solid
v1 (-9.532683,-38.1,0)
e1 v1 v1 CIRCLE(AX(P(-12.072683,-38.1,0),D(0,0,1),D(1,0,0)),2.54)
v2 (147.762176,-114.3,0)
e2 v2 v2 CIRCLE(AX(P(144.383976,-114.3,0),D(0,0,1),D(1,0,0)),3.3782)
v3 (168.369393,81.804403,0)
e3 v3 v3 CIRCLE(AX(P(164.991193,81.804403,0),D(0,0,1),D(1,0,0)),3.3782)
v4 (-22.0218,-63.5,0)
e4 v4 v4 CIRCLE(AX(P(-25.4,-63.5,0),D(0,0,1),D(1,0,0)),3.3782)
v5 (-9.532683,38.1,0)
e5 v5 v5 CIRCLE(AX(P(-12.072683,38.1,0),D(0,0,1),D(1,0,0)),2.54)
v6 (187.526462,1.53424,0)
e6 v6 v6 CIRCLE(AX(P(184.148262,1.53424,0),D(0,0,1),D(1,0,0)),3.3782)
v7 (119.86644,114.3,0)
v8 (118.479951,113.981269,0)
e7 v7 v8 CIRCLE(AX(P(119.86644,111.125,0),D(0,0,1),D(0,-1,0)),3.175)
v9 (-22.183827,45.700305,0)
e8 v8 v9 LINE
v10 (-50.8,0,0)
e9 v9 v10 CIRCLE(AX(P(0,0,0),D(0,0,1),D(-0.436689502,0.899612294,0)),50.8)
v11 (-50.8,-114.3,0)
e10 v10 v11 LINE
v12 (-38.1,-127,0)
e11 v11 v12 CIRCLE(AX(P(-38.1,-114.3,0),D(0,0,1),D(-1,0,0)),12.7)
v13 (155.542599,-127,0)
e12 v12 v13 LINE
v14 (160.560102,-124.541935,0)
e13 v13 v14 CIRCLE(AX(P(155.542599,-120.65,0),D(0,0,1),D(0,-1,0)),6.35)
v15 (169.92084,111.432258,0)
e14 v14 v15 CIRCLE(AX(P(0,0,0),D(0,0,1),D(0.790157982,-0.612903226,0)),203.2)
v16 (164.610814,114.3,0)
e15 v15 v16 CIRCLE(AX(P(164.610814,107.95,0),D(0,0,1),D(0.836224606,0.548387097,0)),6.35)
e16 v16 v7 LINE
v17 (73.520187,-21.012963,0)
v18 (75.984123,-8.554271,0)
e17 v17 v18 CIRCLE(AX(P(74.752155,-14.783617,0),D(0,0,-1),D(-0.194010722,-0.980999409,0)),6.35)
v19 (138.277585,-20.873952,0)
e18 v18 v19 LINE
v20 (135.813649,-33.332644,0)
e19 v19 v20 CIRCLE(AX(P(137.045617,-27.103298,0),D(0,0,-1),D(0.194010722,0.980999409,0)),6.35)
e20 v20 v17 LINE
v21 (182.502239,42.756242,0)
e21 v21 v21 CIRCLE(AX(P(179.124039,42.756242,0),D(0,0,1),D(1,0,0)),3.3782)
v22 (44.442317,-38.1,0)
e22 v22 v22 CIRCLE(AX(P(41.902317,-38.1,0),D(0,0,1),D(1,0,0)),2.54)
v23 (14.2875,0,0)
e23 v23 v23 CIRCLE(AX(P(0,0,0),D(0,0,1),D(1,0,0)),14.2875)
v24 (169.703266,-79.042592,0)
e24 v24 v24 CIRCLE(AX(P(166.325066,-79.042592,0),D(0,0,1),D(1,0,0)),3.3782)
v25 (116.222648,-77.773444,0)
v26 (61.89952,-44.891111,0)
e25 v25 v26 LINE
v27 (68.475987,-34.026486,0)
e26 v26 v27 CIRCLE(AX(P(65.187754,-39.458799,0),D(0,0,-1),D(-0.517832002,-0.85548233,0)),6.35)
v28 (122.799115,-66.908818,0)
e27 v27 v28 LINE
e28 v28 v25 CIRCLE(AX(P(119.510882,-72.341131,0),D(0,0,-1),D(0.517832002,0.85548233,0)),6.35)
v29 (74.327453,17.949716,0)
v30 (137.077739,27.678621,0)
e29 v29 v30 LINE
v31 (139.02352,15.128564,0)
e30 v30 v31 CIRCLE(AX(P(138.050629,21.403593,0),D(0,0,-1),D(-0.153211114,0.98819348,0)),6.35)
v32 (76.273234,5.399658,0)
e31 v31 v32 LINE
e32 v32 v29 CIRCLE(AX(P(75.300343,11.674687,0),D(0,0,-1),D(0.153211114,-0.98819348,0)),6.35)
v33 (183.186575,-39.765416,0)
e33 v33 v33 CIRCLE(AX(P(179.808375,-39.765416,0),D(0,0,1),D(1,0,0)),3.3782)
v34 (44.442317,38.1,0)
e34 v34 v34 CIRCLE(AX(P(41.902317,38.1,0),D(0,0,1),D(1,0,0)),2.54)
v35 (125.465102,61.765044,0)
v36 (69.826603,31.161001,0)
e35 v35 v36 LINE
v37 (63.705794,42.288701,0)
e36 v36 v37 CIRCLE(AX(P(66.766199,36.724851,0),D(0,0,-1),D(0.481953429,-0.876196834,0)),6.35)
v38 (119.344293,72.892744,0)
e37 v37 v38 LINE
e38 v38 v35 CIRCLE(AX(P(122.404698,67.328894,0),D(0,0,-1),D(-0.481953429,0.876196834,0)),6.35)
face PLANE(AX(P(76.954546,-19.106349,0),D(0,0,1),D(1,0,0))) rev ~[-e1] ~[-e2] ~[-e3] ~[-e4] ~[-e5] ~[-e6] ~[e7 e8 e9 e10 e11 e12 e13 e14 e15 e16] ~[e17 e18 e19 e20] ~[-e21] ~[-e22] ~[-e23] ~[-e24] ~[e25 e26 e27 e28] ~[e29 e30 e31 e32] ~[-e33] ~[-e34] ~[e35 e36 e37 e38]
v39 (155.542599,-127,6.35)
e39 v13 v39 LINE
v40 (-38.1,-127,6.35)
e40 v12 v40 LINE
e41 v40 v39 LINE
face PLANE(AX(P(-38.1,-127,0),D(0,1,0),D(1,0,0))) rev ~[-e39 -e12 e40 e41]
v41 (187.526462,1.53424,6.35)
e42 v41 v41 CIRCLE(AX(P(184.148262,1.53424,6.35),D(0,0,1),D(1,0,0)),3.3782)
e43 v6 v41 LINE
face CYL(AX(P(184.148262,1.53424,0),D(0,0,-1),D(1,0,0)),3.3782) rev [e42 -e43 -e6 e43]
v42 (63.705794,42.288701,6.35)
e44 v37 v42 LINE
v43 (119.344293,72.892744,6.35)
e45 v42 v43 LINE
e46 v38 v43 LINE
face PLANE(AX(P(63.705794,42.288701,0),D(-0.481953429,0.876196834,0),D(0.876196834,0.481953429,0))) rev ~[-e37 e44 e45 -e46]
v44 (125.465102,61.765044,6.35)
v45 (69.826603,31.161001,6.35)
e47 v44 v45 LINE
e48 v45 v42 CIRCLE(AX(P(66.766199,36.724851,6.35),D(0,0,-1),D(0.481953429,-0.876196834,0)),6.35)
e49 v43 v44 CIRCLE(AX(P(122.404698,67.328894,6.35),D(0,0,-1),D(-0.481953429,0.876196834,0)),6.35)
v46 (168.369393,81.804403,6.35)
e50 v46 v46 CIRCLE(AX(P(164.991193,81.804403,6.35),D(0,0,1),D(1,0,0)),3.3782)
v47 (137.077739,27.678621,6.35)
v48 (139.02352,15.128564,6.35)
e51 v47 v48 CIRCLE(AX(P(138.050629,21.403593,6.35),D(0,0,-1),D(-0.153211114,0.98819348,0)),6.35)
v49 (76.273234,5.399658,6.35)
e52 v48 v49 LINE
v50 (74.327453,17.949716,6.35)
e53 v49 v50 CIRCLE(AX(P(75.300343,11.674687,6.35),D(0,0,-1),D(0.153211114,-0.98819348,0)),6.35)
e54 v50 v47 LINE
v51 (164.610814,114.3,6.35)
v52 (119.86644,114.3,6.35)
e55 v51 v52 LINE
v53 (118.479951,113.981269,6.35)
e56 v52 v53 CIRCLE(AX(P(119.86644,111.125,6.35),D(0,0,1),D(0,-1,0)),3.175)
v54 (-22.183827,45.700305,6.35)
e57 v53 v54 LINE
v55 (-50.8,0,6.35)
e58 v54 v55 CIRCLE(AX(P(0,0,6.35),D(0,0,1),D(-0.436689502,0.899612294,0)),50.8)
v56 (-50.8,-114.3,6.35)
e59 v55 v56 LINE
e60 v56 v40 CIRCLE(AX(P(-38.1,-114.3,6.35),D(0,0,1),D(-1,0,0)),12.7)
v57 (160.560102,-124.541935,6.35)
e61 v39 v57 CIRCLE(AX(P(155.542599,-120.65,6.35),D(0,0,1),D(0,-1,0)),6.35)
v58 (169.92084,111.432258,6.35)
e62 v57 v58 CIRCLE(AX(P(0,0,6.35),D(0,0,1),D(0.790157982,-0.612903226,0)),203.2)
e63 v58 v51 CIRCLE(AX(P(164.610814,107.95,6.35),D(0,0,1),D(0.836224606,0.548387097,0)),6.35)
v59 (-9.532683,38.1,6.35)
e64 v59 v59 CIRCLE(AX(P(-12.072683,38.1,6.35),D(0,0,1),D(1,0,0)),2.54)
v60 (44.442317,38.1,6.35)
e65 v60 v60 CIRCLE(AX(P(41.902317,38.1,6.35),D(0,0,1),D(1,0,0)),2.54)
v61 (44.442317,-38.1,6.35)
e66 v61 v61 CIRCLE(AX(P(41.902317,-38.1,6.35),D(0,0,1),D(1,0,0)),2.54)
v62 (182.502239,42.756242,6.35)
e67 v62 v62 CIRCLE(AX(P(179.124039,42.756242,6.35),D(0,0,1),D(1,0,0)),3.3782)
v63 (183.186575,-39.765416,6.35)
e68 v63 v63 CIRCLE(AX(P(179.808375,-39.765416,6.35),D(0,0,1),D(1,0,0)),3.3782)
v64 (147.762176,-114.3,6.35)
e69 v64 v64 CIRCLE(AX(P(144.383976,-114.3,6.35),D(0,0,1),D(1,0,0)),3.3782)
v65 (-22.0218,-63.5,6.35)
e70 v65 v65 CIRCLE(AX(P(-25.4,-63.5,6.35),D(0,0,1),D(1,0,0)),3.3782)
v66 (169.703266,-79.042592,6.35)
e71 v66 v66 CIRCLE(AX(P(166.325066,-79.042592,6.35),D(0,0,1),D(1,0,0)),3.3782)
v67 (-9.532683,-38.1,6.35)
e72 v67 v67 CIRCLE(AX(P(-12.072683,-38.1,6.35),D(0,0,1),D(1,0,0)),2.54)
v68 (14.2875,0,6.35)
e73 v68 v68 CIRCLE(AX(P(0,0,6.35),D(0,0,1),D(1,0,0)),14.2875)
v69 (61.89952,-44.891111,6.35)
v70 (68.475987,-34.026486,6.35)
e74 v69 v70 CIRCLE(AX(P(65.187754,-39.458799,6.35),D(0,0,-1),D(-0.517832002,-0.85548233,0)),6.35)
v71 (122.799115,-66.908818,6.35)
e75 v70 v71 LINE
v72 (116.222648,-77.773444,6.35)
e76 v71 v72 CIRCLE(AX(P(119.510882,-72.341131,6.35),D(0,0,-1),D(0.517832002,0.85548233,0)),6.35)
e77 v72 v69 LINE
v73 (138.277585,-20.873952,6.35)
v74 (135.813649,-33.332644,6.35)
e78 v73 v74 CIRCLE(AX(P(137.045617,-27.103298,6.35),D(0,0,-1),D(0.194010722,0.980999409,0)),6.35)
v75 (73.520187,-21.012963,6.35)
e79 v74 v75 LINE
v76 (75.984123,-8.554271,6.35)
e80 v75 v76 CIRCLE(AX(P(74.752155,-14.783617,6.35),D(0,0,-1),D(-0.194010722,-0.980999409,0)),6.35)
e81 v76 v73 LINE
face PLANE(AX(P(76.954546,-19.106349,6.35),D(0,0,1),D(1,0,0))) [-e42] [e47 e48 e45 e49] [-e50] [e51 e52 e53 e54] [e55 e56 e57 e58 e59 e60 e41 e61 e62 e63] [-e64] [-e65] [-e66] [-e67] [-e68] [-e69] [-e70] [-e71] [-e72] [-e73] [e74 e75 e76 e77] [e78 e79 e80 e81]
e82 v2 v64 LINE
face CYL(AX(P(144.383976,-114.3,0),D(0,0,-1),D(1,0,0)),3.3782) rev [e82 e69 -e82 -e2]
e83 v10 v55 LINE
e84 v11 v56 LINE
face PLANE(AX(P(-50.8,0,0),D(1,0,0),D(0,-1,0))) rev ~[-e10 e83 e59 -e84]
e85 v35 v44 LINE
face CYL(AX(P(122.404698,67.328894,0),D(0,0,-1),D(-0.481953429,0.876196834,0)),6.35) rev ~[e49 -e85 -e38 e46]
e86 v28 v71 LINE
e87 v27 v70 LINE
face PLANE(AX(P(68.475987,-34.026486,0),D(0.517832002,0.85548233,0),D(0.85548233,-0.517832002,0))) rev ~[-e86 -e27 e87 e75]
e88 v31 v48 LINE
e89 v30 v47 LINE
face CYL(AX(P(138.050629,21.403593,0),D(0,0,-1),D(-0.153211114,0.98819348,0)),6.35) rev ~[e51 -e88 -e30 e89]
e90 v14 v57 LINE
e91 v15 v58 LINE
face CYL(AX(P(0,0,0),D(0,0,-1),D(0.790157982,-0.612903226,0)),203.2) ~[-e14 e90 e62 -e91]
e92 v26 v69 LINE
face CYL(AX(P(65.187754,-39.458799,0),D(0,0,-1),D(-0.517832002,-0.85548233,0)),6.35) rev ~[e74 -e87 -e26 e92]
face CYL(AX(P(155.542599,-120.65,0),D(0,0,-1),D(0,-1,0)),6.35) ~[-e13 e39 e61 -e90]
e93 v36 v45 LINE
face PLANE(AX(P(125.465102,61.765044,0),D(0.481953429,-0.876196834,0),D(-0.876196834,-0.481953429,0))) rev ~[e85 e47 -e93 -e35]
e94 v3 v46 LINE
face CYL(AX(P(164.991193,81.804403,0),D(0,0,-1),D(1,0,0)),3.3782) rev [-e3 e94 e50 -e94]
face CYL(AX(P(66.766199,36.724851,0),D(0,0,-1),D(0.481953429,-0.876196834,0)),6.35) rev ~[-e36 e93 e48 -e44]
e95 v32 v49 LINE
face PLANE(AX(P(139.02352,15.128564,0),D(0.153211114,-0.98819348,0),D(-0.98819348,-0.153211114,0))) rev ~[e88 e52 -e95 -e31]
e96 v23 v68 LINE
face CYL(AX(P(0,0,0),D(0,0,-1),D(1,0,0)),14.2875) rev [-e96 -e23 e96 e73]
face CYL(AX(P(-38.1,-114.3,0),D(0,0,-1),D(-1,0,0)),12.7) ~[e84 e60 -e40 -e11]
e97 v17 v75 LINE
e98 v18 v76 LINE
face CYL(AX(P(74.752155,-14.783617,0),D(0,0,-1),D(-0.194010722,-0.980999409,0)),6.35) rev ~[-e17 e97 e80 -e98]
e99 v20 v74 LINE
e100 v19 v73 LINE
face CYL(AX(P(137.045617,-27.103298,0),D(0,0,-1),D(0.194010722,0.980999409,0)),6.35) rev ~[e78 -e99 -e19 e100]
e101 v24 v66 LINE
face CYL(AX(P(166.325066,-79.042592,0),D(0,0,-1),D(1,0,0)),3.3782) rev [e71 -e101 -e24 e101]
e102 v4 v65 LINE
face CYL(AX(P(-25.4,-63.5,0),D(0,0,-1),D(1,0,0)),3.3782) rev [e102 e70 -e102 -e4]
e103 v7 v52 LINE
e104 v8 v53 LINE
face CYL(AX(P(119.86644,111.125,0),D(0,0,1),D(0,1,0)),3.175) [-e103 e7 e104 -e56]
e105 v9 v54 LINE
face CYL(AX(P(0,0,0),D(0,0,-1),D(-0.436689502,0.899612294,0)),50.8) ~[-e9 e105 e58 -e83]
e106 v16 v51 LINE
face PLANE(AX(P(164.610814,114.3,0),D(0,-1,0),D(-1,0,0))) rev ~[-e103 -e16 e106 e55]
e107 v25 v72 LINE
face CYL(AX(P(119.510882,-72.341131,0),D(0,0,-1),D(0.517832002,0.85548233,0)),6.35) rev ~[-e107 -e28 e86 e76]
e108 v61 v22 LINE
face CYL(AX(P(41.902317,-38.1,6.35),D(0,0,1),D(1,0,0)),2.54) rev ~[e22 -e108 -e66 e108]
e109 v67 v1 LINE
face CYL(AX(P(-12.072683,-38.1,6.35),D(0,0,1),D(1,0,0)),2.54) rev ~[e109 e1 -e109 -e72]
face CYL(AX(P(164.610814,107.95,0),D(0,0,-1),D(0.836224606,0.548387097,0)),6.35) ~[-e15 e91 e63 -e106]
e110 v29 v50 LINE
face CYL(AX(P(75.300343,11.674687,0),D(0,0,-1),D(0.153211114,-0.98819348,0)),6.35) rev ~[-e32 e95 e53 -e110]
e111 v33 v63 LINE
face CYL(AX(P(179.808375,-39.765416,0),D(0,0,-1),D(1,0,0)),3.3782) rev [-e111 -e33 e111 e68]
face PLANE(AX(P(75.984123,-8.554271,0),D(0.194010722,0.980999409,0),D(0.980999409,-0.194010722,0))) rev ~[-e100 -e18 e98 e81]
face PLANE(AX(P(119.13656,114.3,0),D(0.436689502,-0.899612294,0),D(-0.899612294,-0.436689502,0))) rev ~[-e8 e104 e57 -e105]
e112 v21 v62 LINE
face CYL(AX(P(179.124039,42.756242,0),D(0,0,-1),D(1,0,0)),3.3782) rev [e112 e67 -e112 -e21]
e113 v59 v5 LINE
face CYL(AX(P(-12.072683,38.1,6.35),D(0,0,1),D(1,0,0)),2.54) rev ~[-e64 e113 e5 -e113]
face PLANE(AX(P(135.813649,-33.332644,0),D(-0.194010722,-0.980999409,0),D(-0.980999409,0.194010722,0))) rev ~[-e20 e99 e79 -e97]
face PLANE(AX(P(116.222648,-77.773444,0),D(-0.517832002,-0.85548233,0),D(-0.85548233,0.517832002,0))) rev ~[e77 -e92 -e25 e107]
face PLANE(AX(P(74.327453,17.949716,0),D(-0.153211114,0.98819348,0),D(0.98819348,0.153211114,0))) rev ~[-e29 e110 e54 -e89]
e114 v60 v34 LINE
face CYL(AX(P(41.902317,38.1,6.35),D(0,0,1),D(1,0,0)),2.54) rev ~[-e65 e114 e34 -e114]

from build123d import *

# Parameters (mm, degrees)
SKETCH1_R           = 3.3782
SKETCH1_R_2         = 14.2875
BOSS_EXTRUDE1_DEPTH = 6.35
FILLET1_R           = 3.175
SKETCH2_R           = 2.54
CUT_EXTRUDE1_DEPTH  = 6.35


with BuildPart() as part:
    # Sketch1 → Boss-Extrude1 (new body)
    with BuildSketch(Plane.XY):
        with BuildLine():
            ThreePointArc((155.542598667, -127), (158.336226208, -126.352468339), (160.56010185, -124.541935484))
            ThreePointArc((160.56010185, -124.541935484), (203.040311847, -8.054301034), (169.920839989, 111.432258065))
            ThreePointArc((169.920839989, 111.432258065), (167.628276357, 113.537255082), (164.61081374, 114.3))
            Line((164.61081374, 114.3), (119.1365603, 114.3))
            Line((119.1365603, 114.3), (-22.183826694, 45.70030452))
            ThreePointArc((-22.183826694, 45.70030452), (-43.055652335, 26.960170659), (-50.8, 0))
            Line((-50.8, 0), (-50.8, -114.3))
            ThreePointArc((-50.8, -114.3), (-47.080256121, -123.280256121), (-38.1, -127))
            Line((-38.1, -127), (155.542598667, -127))
        make_face()
        with Locations((144.383975911, -114.3)):
            Circle(SKETCH1_R, mode=Mode.SUBTRACT)
        with Locations((166.325065928, -79.042592339)):
            Circle(SKETCH1_R, mode=Mode.SUBTRACT)
        with Locations((179.808375328, -39.76541584)):
            Circle(SKETCH1_R, mode=Mode.SUBTRACT)
        with Locations((184.148262492, 1.5342404)):
            Circle(SKETCH1_R, mode=Mode.SUBTRACT)
        with Locations((179.124039222, 42.756241887)):
            Circle(SKETCH1_R, mode=Mode.SUBTRACT)
        with Locations((164.991192987, 81.804402963)):
            Circle(SKETCH1_R, mode=Mode.SUBTRACT)
        with BuildLine():
            Line((63.70579448, 42.288701206), (119.344293443, 72.892743964))
            ThreePointArc((119.344293443, 72.892743964), (127.968547615, 70.389298344), (125.465101994, 61.765044172))
            Line((125.465101994, 61.765044172), (69.826603031, 31.161001414))
            ThreePointArc((69.826603031, 31.161001414), (61.202348859, 33.664447034), (63.70579448, 42.288701206))
        make_face(mode=Mode.SUBTRACT)
        with BuildLine():
            ThreePointArc((61.899520347, -44.891111378), (59.755440765, -36.170565366), (68.475986777, -34.026485785))
            Line((68.475986777, -34.026485785), (122.799114746, -66.908817936))
            ThreePointArc((122.799114746, -66.908817936), (124.943194328, -75.629363948), (116.222648316, -77.77344353))
            Line((116.222648316, -77.77344353), (61.899520347, -44.891111378))
        make_face(mode=Mode.SUBTRACT)
        with BuildLine():
            ThreePointArc((73.520186848, -21.01296328), (68.52280869, -13.551648949), (75.984123021, -8.554270791))
            Line((75.984123021, -8.554270791), (138.277585466, -20.873951654))
            ThreePointArc((138.277585466, -20.873951654), (143.274963624, -28.335265985), (135.813649293, -33.332644143))
            Line((135.813649293, -33.332644143), (73.520186848, -21.01296328))
        make_face(mode=Mode.SUBTRACT)
        with BuildLine():
            ThreePointArc((76.273233773, 5.399658308), (69.025314597, 10.701796332), (74.327452622, 17.949715507))
            Line((74.327452622, 17.949715507), (137.077738619, 27.678621264))
            ThreePointArc((137.077738619, 27.678621264), (144.325657795, 22.37648324), (139.02351977, 15.128564064))
            Line((139.02351977, 15.128564064), (76.273233773, 5.399658308))
        make_face(mode=Mode.SUBTRACT)
        Circle(SKETCH1_R_2, mode=Mode.SUBTRACT)
        with Locations((-25.4, -63.5)):
            Circle(SKETCH1_R, mode=Mode.SUBTRACT)
    extrude(amount=BOSS_EXTRUDE1_DEPTH)

    # Fillet1
    fillet1_edges = [part.edges().sort_by_distance(p)[0] for p in [
        (119.1365603, 114.3, 3.175),
    ]]
    fillet(fillet1_edges, radius=FILLET1_R)

    # Sketch2 → Cut-Extrude1 (cut)
    with BuildSketch(Plane.XY.offset(6.35)):
        with Locations((-12.072682951, 38.1)):
            Circle(SKETCH2_R)
        with Locations((-12.072682951, -38.1)):
            Circle(SKETCH2_R)
        with Locations((41.902317049, -38.1)):
            Circle(SKETCH2_R)
        with Locations((41.902317049, 38.1)):
            Circle(SKETCH2_R)
    extrude(amount=-CUT_EXTRUDE1_DEPTH, mode=Mode.SUBTRACT)


solid = part.part
